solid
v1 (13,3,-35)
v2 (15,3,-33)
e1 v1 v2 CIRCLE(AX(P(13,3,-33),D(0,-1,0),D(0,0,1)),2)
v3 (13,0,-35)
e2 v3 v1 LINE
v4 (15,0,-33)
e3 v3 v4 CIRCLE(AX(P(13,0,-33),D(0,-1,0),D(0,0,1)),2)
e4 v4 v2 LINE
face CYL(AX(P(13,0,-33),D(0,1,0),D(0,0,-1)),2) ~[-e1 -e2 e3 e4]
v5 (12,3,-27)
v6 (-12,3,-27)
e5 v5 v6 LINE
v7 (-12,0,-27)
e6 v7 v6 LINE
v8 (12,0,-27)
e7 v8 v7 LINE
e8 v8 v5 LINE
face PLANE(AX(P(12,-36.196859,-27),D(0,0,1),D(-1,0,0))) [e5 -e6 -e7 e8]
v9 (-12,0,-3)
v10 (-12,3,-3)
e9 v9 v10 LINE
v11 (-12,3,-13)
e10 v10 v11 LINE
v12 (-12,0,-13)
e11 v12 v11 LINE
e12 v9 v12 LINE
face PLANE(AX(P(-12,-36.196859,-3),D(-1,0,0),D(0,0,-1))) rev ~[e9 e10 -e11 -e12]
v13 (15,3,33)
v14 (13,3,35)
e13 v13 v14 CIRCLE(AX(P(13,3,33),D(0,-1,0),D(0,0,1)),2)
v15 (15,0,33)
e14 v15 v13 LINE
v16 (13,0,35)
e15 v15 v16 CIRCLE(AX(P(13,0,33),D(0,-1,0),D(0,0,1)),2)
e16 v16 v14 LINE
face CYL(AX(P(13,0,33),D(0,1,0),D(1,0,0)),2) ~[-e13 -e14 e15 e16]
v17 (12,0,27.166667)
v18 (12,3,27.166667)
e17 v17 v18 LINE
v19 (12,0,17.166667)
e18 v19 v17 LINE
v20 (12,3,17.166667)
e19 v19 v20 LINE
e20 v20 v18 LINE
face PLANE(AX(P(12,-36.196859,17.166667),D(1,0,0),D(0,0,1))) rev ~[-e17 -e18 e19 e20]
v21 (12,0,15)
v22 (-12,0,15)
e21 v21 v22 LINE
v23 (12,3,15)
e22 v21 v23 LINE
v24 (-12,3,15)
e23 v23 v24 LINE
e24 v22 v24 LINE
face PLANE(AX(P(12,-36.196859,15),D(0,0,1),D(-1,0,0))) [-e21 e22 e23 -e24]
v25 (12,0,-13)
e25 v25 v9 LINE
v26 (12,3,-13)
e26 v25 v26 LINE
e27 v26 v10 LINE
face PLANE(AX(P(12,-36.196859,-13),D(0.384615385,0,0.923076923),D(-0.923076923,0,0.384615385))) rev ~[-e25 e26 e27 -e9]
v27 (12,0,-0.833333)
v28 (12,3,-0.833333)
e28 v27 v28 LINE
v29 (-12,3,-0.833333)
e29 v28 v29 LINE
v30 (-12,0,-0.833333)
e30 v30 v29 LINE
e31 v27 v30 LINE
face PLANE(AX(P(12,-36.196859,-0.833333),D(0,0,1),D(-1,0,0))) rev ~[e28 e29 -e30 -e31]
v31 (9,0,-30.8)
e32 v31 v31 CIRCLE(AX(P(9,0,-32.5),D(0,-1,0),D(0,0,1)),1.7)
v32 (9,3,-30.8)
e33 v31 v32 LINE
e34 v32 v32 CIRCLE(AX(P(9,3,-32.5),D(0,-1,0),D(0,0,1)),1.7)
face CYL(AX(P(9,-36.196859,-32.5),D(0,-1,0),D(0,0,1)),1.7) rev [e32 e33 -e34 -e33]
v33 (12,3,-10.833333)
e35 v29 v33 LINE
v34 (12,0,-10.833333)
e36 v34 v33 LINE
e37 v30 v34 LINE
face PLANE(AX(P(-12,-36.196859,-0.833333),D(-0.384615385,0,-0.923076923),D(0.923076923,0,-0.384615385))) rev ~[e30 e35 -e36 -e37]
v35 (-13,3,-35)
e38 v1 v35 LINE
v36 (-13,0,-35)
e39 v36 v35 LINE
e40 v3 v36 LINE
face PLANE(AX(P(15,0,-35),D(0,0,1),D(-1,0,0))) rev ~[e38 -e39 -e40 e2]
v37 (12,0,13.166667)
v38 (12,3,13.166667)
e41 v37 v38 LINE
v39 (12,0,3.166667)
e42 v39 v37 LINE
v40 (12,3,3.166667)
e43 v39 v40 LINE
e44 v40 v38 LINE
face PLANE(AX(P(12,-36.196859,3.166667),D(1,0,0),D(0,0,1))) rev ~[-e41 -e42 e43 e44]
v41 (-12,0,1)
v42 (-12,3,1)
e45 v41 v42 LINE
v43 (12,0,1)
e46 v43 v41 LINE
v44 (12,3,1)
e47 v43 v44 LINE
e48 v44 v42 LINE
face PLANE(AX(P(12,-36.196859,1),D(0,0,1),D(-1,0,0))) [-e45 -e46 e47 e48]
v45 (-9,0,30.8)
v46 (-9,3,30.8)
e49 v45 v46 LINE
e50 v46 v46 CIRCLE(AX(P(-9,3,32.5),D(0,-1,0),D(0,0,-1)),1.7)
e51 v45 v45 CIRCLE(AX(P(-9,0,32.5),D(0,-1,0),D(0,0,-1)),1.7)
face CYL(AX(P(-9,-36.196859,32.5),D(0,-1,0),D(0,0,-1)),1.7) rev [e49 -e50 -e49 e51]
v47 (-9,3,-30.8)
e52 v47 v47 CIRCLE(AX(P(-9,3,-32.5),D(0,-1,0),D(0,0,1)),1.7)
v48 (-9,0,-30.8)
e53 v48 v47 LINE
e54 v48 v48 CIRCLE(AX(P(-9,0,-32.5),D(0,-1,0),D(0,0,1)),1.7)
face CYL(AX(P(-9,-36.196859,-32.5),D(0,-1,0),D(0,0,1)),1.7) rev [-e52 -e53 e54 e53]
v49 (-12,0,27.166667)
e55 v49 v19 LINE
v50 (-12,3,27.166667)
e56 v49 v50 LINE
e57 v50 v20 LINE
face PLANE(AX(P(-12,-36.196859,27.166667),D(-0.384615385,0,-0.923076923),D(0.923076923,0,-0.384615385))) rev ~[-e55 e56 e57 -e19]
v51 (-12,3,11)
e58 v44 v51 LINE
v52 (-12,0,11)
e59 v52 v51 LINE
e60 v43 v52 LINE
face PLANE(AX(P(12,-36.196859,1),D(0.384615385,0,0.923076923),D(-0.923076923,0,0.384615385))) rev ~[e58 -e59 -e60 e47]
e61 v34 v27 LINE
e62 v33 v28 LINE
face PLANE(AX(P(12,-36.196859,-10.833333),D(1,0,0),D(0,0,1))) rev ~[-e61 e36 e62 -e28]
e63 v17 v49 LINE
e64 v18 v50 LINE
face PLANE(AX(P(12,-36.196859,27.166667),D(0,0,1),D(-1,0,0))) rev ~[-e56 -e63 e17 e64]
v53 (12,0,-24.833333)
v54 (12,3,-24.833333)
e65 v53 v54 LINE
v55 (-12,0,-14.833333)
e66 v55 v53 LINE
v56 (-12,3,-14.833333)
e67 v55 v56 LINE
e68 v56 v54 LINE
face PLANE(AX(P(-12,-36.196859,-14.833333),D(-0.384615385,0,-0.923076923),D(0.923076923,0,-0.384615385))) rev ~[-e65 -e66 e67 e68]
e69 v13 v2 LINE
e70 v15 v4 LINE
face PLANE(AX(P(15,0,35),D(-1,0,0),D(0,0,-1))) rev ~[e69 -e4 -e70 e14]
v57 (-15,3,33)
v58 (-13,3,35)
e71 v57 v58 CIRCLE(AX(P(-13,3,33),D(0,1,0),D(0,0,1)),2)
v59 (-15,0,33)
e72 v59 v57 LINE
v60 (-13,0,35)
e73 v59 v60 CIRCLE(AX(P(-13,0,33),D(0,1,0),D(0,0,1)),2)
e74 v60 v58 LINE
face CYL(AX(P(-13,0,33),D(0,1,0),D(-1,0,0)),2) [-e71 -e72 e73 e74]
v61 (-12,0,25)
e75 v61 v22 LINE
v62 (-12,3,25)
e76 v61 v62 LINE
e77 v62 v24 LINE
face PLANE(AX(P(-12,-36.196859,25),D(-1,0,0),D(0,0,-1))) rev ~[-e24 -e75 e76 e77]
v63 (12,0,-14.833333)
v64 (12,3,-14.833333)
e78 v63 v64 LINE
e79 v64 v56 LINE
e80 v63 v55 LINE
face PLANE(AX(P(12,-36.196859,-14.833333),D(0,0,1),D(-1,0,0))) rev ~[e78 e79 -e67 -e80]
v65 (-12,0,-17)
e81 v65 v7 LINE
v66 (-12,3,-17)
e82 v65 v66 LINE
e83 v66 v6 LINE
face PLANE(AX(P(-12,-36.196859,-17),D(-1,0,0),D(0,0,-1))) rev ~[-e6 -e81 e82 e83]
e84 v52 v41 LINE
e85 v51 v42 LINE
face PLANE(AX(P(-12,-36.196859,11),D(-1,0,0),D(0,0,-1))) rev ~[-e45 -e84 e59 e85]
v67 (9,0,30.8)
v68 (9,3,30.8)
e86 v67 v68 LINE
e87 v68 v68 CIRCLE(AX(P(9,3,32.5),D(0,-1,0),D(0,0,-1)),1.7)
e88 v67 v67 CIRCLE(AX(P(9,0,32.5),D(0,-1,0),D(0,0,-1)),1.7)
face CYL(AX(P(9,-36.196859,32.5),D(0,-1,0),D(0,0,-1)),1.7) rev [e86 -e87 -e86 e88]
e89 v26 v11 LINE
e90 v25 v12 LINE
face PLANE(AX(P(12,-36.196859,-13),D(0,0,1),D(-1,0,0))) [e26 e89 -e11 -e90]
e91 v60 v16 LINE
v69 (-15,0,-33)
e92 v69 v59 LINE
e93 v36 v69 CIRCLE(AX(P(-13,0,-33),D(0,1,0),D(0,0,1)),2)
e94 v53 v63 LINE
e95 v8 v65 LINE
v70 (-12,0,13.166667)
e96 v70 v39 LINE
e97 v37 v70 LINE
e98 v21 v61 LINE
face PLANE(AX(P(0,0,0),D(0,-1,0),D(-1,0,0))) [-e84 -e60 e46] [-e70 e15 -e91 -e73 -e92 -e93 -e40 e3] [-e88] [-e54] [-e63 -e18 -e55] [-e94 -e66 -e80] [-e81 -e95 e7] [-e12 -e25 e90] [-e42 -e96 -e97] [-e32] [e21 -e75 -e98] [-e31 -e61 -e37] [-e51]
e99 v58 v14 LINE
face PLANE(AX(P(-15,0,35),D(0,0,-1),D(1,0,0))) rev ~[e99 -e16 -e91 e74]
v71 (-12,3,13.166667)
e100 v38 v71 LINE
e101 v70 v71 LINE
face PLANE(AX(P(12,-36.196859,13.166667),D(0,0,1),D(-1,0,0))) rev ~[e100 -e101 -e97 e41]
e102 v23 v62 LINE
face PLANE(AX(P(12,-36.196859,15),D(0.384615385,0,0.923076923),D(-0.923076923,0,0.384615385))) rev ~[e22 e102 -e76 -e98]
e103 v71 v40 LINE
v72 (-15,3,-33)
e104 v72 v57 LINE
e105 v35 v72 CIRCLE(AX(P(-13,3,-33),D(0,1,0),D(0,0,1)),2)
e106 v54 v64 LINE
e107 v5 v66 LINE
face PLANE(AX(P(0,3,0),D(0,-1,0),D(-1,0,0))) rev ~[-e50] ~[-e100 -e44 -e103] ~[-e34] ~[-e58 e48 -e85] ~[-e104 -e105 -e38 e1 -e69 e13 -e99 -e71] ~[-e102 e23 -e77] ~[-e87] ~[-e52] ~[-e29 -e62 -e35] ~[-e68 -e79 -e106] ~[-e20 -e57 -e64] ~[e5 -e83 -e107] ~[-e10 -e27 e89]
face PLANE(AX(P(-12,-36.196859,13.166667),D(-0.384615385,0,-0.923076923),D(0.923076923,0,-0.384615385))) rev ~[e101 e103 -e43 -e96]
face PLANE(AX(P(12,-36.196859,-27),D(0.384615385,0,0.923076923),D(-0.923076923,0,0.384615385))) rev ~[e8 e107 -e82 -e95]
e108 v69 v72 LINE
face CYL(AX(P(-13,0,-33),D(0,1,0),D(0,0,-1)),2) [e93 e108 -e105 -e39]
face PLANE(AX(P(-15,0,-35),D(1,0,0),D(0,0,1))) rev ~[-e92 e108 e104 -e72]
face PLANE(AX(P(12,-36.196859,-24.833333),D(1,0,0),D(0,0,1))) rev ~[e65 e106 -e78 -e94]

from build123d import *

# Parameters (mm, degrees)
BOSS_EXTRUDE1_DEPTH     = 3
CUT_EXTRUDE1_DEPTH      = 39.19685851
CUT_EXTRUDE1_DEPTH_BACK = 39.19685851
SKETCH2_R               = 1.7
CUT_EXTRUDE2_DEPTH      = 39.19685851
CUT_EXTRUDE2_DEPTH_BACK = 39.19685851
FILLET1_R               = 2


with BuildPart() as part:
    # Sketch1 → Boss-Extrude1 (new body)
    with BuildSketch(Plane(origin=(0, 0, 0), x_dir=(1, 0, 0), z_dir=(0, 1, 0))):
        Polygon((-15, 35), (0, 35), (15, 35), (15, 0), (15, -35), (0, -35), (-15, -35), (-15, 0), align=None)
    extrude(amount=BOSS_EXTRUDE1_DEPTH)

    # Sketch2 → Cut-Extrude1 (cut, two sides: drawn at the far end of the back side and taken through both)
    with BuildSketch(Plane(origin=(0, 3, 0), x_dir=(1, 0, 0), z_dir=(0, 1, 0)).offset(-CUT_EXTRUDE1_DEPTH_BACK)):
        with Locations(Location((-9, 32.5, 0), (0, 0, 270))):
            Circle(SKETCH2_R)
        with Locations(Location((9, 32.5, 0), (0, 0, 270))):
            Circle(SKETCH2_R)
        with Locations(Location((9, -32.5, 0), (0, 0, 90))):
            Circle(SKETCH2_R)
        with Locations(Location((-9, -32.5, 0), (0, 0, 90))):
            Circle(SKETCH2_R)
    extrude(amount=CUT_EXTRUDE1_DEPTH + CUT_EXTRUDE1_DEPTH_BACK, mode=Mode.SUBTRACT)

    # Sketch3 → Cut-Extrude2 (cut, two sides: drawn at the far end of the back side and taken through both)
    with BuildSketch(Plane(origin=(0, 3, 0), x_dir=(1, 0, 0), z_dir=(0, 1, 0)).offset(-CUT_EXTRUDE2_DEPTH_BACK)):
        Polygon((-12, 27), (0, 27), (12, 27), (-12, 17), align=None)
        Polygon((-12, 14.833333333), (12, 24.833333333), (12, 14.833333333), align=None)
        Polygon((-12, 13), (0, 13), (12, 13), (-12, 3), align=None)
        Polygon((-12, 0.833333333), (12, 10.833333333), (12, 0.833333333), align=None)
        Polygon((-12, -1), (0, -1), (12, -1), (-12, -11), align=None)
        Polygon((-12, -13.166666667), (12, -3.166666667), (12, -13.166666667), align=None)
        Polygon((-12, -15), (0, -15), (12, -15), (-12, -25), align=None)
        Polygon((-12, -27.166666667), (12, -17.166666667), (12, -27.166666667), align=None)
    extrude(amount=CUT_EXTRUDE2_DEPTH + CUT_EXTRUDE2_DEPTH_BACK, mode=Mode.SUBTRACT)

    # Fillet1
    fillet1_edges = [part.edges().sort_by_distance(p)[0] for p in [
        (-15, 1.5, -35),
        (15, 1.5, -35),
        (15, 1.5, 35),
        (-15, 1.5, 35),
    ]]
    fillet(fillet1_edges, radius=FILLET1_R)


solid = part.part
